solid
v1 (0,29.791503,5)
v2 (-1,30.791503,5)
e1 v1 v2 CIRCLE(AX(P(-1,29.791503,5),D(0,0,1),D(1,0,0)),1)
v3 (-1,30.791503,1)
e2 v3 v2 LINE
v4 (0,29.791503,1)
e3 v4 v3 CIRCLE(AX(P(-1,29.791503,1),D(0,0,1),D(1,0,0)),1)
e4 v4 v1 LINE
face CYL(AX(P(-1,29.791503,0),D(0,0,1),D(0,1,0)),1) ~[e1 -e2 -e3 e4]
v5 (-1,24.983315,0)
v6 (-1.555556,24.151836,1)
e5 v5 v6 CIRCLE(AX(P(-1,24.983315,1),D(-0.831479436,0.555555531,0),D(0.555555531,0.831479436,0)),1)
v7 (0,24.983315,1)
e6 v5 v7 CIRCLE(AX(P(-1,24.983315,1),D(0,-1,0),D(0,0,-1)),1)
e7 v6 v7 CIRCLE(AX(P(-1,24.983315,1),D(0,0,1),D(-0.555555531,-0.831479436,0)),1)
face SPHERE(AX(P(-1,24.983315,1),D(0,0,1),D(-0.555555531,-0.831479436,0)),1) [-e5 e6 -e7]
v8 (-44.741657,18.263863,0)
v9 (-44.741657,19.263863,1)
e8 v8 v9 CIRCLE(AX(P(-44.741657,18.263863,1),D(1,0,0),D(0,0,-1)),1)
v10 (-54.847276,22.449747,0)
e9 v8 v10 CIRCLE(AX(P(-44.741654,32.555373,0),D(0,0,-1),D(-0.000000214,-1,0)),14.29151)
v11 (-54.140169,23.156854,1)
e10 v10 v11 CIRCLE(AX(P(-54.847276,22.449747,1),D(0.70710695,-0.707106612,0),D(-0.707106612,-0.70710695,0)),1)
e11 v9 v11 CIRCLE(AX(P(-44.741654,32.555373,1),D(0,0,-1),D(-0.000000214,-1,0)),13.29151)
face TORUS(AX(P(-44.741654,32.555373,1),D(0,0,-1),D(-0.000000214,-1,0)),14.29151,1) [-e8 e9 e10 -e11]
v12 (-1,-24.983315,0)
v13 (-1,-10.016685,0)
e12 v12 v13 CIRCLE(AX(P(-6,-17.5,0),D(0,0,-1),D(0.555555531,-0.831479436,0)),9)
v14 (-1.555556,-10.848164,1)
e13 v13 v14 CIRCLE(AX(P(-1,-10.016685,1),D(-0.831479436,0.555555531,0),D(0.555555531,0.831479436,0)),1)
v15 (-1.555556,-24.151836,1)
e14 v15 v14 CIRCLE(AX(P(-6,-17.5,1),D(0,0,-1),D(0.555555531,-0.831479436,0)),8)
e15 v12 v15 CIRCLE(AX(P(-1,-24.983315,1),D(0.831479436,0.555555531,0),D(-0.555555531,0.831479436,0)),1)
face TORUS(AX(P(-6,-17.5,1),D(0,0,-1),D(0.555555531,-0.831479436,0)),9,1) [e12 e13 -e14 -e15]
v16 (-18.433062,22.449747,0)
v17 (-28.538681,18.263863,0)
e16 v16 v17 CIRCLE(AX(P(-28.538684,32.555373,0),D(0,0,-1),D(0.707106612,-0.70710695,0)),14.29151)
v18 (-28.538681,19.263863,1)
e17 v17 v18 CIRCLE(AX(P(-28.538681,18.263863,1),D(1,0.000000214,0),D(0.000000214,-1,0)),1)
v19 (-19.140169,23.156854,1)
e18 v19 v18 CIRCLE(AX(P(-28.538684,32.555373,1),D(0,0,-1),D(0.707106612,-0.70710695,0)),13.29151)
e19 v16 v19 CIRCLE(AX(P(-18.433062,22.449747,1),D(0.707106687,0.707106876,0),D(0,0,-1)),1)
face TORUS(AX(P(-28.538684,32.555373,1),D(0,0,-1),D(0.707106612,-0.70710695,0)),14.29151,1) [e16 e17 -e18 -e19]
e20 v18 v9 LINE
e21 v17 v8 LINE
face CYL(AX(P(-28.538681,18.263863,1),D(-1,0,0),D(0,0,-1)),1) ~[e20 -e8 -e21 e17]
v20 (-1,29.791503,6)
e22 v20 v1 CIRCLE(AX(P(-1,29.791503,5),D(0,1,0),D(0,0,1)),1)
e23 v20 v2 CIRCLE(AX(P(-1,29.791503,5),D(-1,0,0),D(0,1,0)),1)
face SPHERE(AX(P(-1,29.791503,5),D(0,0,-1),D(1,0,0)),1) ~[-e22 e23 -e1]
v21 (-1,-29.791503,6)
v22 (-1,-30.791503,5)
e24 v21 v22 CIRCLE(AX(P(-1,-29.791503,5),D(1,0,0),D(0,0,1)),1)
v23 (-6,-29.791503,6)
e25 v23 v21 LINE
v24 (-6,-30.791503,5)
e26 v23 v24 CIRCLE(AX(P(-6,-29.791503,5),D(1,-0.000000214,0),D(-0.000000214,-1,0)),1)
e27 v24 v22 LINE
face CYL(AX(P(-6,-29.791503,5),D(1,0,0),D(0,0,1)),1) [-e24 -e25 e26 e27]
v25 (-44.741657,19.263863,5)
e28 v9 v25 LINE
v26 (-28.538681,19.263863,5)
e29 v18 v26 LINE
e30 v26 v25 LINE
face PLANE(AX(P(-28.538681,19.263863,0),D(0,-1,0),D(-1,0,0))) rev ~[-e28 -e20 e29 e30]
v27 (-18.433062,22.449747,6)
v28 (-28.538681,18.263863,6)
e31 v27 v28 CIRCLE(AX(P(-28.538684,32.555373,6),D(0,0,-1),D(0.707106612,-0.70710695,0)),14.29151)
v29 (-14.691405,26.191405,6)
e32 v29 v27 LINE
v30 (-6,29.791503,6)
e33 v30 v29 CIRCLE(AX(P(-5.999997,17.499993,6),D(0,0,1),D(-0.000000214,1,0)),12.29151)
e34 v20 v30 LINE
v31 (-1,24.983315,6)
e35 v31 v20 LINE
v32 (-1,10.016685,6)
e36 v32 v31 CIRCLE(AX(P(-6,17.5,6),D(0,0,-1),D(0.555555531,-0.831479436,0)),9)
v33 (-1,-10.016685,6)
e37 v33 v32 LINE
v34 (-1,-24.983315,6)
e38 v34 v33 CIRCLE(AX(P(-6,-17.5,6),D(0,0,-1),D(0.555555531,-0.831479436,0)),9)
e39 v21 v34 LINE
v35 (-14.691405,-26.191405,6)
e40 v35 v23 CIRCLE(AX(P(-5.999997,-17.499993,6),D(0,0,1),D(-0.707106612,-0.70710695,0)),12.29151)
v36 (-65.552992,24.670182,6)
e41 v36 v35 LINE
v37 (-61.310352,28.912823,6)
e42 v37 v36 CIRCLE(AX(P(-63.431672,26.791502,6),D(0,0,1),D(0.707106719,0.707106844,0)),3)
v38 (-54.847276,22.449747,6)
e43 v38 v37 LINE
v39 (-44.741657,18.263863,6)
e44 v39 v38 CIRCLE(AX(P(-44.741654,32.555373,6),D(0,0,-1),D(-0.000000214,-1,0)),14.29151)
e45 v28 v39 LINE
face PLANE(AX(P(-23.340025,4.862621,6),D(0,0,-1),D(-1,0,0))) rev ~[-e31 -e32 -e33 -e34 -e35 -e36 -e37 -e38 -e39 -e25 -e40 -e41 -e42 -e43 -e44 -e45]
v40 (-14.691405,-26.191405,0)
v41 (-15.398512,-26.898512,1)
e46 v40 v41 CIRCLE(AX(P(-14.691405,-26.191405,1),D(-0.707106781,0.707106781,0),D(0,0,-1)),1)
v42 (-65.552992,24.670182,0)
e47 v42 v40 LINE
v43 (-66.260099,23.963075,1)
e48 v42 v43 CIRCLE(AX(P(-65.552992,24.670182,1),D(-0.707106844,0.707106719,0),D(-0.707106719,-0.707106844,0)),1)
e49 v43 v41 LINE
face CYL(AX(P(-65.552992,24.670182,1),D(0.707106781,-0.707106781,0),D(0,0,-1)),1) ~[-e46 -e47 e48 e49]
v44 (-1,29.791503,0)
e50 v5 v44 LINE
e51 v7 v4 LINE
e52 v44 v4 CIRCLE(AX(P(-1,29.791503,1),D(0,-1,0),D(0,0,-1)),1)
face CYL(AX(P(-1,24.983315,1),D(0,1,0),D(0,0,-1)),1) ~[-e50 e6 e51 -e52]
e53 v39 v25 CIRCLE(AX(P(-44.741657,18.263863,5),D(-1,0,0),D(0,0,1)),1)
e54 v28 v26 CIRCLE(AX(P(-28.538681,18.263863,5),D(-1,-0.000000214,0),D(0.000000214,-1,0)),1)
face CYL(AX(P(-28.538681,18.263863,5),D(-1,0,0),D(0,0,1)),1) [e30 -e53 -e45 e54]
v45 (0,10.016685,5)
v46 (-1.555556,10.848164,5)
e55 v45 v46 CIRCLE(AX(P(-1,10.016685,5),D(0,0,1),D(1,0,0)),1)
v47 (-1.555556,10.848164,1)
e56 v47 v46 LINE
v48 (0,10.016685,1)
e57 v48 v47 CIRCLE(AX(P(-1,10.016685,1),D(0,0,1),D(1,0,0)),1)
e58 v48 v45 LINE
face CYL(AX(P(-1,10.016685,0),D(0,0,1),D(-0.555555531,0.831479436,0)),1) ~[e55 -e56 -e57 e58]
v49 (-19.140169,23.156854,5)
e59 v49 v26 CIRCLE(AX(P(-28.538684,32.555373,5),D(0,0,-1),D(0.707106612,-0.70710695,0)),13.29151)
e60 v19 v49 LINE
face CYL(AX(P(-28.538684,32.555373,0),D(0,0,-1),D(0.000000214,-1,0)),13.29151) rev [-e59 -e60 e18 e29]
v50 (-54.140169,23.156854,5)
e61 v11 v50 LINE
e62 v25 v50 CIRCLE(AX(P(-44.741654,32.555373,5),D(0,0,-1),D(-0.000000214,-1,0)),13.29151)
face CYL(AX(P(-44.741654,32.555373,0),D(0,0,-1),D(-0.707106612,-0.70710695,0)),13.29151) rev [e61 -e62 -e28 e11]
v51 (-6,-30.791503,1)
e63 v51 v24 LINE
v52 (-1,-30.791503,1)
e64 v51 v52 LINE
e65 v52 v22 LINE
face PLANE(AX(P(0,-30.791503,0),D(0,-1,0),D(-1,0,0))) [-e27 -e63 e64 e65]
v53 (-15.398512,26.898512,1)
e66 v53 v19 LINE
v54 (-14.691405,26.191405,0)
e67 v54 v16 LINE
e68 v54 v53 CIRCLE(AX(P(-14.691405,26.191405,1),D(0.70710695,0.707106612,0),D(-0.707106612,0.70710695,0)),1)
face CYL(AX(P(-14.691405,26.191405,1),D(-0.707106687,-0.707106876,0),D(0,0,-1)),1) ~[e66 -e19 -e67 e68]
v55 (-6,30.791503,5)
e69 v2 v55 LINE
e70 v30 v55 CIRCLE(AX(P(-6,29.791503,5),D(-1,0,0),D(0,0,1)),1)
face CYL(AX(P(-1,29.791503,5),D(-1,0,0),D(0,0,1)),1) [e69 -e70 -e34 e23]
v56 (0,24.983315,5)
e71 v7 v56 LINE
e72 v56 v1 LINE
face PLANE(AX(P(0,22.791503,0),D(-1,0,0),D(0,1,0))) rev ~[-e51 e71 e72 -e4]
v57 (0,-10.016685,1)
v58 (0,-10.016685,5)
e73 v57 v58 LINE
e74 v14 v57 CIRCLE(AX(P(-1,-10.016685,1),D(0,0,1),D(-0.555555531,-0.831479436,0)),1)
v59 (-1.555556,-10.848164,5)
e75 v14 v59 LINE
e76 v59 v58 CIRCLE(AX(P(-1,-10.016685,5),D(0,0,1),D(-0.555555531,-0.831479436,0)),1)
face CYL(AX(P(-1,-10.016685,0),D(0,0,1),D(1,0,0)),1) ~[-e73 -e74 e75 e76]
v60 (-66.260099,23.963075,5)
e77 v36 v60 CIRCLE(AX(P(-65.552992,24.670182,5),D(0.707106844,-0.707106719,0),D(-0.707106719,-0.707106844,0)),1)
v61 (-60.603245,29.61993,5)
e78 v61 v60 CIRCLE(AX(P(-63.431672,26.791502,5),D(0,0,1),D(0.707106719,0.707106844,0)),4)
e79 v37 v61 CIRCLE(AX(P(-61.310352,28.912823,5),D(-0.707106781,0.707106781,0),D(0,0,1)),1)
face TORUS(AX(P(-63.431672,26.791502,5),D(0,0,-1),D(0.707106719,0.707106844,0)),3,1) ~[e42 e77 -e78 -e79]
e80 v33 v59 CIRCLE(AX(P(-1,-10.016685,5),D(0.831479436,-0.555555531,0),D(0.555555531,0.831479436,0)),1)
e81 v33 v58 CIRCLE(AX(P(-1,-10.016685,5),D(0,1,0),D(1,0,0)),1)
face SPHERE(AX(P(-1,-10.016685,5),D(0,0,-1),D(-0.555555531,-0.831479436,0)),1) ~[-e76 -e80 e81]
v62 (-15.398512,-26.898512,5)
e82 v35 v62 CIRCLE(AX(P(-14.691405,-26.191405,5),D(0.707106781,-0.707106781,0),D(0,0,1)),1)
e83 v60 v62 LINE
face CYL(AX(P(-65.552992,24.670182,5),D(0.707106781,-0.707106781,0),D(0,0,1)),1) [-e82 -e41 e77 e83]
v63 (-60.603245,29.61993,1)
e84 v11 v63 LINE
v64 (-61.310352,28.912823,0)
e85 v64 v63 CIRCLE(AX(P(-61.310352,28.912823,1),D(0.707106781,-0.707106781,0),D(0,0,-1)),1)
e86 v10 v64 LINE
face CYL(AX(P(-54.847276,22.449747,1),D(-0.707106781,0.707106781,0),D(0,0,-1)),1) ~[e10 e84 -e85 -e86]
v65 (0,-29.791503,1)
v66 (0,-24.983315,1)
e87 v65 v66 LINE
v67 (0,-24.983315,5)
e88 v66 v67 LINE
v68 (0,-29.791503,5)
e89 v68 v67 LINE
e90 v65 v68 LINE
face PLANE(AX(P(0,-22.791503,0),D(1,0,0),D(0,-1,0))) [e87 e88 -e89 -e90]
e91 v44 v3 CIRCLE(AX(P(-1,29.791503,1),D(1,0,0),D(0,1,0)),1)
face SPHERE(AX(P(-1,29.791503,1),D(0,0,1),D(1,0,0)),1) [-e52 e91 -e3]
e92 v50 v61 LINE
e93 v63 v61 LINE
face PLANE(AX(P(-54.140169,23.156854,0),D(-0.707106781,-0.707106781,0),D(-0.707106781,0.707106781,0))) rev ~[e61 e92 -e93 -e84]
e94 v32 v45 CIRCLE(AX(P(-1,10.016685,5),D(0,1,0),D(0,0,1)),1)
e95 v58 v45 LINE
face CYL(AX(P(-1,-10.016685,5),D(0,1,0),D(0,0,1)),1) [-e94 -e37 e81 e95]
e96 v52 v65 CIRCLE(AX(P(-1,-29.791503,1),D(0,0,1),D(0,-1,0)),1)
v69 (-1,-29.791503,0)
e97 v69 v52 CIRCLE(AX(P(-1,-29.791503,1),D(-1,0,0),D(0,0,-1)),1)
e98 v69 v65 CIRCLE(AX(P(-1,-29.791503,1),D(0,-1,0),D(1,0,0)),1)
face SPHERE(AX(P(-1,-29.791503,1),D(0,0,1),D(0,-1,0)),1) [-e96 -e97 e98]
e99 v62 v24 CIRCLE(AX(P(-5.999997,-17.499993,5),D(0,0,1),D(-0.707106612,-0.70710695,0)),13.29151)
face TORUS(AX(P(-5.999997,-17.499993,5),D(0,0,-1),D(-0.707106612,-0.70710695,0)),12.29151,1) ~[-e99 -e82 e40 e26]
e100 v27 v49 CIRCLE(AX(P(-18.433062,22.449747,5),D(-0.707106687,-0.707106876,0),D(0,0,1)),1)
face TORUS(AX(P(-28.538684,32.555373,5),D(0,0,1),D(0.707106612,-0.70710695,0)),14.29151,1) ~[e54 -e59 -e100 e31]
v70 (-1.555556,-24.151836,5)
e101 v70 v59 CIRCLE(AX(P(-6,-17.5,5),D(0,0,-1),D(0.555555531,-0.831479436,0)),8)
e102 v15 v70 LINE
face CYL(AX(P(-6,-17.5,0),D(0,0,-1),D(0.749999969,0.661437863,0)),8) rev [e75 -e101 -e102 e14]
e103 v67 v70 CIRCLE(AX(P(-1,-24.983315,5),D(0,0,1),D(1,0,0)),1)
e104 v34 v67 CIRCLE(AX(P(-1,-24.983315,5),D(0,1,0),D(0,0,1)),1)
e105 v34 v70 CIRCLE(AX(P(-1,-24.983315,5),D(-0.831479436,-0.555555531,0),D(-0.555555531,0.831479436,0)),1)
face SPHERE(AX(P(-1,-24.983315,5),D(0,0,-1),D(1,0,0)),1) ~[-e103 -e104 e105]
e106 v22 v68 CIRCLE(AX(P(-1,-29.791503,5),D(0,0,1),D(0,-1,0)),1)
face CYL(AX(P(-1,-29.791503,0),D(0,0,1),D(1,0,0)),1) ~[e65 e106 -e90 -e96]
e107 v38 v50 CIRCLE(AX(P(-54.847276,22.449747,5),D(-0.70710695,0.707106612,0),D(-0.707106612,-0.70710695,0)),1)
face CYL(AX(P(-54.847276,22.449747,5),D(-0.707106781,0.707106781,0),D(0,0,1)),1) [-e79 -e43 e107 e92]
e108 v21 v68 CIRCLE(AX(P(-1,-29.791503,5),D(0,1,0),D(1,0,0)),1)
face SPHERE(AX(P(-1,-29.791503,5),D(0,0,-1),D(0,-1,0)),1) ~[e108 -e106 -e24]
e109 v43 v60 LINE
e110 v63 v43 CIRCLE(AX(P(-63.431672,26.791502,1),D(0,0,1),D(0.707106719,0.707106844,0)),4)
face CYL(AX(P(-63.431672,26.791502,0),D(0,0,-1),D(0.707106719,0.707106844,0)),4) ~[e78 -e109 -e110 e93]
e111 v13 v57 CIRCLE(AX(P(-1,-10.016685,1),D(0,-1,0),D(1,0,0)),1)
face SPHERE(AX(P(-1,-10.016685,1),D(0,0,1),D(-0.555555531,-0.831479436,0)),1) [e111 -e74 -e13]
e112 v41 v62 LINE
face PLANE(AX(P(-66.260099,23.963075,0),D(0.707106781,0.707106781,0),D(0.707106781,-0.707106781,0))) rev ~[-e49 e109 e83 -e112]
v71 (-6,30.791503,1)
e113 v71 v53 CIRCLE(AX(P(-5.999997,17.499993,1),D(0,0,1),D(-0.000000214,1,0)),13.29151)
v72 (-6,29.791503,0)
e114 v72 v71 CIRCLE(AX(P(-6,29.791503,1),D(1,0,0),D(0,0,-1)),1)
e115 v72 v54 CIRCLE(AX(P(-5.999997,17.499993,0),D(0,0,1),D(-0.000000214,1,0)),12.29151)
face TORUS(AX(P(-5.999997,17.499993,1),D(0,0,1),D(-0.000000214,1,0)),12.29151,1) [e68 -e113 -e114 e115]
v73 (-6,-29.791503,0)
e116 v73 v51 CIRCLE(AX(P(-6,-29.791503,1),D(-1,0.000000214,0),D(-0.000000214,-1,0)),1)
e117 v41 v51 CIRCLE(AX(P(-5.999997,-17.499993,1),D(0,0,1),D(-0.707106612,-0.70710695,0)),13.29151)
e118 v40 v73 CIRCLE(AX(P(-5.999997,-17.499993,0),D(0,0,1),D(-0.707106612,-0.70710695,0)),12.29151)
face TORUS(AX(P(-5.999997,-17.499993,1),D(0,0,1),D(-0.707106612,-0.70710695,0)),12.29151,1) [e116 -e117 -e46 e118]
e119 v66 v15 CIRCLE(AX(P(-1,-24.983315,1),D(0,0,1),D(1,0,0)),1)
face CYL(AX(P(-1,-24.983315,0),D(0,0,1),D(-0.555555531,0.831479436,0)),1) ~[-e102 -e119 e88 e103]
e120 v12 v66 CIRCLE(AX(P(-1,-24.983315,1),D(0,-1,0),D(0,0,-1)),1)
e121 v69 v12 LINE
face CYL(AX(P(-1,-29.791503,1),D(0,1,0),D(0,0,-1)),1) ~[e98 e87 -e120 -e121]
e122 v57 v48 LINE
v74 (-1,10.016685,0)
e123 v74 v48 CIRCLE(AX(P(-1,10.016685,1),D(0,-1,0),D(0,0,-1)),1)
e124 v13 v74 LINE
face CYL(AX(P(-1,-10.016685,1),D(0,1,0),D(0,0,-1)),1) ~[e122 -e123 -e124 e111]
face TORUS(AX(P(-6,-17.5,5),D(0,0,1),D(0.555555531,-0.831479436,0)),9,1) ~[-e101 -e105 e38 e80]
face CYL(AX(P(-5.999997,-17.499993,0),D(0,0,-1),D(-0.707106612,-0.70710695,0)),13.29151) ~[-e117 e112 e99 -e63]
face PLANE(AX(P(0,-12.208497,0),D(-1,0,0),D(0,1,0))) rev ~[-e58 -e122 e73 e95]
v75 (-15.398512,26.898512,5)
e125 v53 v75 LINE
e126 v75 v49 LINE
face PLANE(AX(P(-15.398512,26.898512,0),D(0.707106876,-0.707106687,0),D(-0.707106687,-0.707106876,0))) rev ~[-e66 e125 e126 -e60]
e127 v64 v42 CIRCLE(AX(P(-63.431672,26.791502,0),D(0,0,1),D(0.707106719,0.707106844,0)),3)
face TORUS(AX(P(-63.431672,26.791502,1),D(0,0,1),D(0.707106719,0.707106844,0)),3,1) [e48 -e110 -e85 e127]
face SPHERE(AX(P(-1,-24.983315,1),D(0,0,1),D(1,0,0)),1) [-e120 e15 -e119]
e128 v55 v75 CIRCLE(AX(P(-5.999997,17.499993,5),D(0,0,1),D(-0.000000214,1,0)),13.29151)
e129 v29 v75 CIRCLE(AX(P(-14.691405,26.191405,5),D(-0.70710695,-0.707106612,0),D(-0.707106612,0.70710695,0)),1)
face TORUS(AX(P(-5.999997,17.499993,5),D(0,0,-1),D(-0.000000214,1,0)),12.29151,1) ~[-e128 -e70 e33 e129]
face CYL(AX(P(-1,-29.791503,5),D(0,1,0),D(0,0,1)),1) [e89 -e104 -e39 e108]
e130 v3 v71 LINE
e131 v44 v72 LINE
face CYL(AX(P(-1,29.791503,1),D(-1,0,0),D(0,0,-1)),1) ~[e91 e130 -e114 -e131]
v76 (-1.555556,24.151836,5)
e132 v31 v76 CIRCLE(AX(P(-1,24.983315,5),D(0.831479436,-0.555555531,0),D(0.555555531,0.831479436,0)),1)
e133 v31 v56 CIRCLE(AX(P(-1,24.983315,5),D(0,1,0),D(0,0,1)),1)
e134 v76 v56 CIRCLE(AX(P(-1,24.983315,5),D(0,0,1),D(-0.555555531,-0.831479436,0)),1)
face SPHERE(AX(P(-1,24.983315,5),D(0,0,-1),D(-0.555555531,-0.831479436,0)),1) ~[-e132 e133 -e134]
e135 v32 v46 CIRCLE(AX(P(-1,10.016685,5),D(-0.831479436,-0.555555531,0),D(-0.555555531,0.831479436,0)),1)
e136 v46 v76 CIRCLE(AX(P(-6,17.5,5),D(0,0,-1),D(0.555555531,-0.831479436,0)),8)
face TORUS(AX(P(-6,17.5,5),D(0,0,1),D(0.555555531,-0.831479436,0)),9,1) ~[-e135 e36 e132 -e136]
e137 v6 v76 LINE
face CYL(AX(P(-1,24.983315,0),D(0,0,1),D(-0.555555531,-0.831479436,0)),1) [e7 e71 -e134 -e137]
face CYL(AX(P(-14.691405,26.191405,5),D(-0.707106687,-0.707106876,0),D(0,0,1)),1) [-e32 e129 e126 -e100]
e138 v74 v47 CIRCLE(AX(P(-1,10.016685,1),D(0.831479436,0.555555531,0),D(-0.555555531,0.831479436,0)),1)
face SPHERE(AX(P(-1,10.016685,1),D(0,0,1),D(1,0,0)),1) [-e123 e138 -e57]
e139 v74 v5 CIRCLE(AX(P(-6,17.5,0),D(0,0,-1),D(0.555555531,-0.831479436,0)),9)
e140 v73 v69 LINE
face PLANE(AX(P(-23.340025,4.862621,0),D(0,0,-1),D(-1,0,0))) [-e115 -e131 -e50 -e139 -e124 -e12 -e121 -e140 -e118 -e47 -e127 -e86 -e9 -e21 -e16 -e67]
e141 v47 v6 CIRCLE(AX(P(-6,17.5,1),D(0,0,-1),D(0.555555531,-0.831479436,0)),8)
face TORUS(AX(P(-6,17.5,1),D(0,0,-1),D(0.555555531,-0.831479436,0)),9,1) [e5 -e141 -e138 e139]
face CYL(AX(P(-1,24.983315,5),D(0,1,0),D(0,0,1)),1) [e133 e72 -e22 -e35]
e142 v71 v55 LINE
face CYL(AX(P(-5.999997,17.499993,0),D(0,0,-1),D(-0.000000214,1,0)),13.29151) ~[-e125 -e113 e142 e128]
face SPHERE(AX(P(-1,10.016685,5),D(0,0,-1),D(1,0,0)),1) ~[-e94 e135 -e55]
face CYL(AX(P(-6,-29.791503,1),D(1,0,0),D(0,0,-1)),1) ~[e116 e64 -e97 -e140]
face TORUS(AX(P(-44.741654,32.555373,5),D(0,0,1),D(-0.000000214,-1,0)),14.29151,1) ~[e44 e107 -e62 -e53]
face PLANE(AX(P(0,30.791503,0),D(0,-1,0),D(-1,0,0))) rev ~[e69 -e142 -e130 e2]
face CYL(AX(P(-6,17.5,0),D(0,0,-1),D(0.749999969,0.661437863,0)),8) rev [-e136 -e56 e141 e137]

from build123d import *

# Parameters (mm, degrees)
PAD_DEPTH   = 6
FILLET_R    = 1
FILLET001_R = 1


with BuildPart() as part:
    # Sketch → Pad (new body)
    with BuildSketch(Plane.XY):
        with BuildLine():
            ThreePointArc((0, 22.791503), (-14, 17.5), (0, 12.208497))
            Line((0, -12.208497), (0, 12.208497))
            ThreePointArc((0, -12.208497), (-14, -17.5), (0, -22.791503))
            Line((0, -22.791503), (0, -30.791503))
            Line((0, -30.791503), (-6, -30.791503))
            ThreePointArc((-15.398512, -26.898512), (-11.086438, -29.779747), (-6, -30.791503))
            Line((-66.260099, 23.963075), (-15.398512, -26.898512))
            ThreePointArc((-60.603245, 29.61993), (-66.260099, 29.61993), (-66.260099, 23.963075))
            Line((-54.140169, 23.156854), (-60.603245, 29.61993))
            ThreePointArc((-54.140169, 23.156854), (-49.828095, 20.275619), (-44.741657, 19.263863))
            Line((-28.538681, 19.263863), (-44.741657, 19.263863))
            ThreePointArc((-28.538681, 19.263863), (-23.452243, 20.275619), (-19.140169, 23.156854))
            Line((-15.398512, 26.898512), (-19.140169, 23.156854))
            ThreePointArc((-6, 30.791503), (-11.086438, 29.779747), (-15.398512, 26.898512))
            Line((0, 30.791503), (-6, 30.791503))
            Line((0, 22.791503), (0, 30.791503))
        make_face()
    extrude(amount=PAD_DEPTH)

    # Fillet
    fillet_edges = [part.edges().sort_by_distance(p)[0] for p in [
        (0, 30.791503, 3),
        (0, -30.791503, 3),
        (0, 22.791503, 3),
        (0, 12.208497, 3),
        (0, -12.208497, 3),
        (0, -22.791503, 3),
    ]]
    fillet(fillet_edges, radius=FILLET_R)

    # Fillet001
    fillet001_edges = [part.edges().sort_by_distance(p)[0] for p in [
        (0, 27.387409, 6),
        (-0.528595, 24.101398, 6),
        (-0.292893, 30.498609, 6),
        (-14, 17.5, 6),
        (-3.5, 30.791503, 6),
        (-0.528595, 10.898602, 6),
        (-11.086438, 29.779747, 6),
        (0, 0, 6),
        (-17.26934, 25.027683, 6),
        (-0.528595, -10.898602, 6),
        (-23.452243, 20.275619, 6),
        (-14, -17.5, 6),
        (-36.640169, 19.263863, 6),
        (-0.528595, -24.101398, 6),
        (-49.828095, 20.275619, 6),
        (0, -27.387409, 6),
        (-57.371707, 26.388392, 6),
        (-0.292893, -30.498609, 6),
        (-66.260099, 29.61993, 6),
        (-3.5, -30.791503, 6),
        (-40.829305, -1.467718, 6),
        (-11.086438, -29.779747, 6),
        (0, 27.387409, 0),
        (-0.528595, 24.101398, 0),
        (-0.292893, 30.498609, 0),
        (-14, 17.5, 0),
        (-3.5, 30.791503, 0),
        (-0.528595, 10.898602, 0),
        (-11.086438, 29.779747, 0),
        (0, 0, 0),
        (-17.26934, 25.027683, 0),
        (-0.528595, -10.898602, 0),
        (-23.452243, 20.275619, 0),
        (-14, -17.5, 0),
        (-36.640169, 19.263863, 0),
        (-0.528595, -24.101398, 0),
        (-49.828095, 20.275619, 0),
        (0, -27.387409, 0),
        (-57.371707, 26.388392, 0),
        (-0.292893, -30.498609, 0),
        (-66.260099, 29.61993, 0),
        (-3.5, -30.791503, 0),
        (-40.829305, -1.467718, 0),
        (-11.086438, -29.779747, 0),
    ]]
    fillet(fillet001_edges, radius=FILLET001_R)


solid = part.part
